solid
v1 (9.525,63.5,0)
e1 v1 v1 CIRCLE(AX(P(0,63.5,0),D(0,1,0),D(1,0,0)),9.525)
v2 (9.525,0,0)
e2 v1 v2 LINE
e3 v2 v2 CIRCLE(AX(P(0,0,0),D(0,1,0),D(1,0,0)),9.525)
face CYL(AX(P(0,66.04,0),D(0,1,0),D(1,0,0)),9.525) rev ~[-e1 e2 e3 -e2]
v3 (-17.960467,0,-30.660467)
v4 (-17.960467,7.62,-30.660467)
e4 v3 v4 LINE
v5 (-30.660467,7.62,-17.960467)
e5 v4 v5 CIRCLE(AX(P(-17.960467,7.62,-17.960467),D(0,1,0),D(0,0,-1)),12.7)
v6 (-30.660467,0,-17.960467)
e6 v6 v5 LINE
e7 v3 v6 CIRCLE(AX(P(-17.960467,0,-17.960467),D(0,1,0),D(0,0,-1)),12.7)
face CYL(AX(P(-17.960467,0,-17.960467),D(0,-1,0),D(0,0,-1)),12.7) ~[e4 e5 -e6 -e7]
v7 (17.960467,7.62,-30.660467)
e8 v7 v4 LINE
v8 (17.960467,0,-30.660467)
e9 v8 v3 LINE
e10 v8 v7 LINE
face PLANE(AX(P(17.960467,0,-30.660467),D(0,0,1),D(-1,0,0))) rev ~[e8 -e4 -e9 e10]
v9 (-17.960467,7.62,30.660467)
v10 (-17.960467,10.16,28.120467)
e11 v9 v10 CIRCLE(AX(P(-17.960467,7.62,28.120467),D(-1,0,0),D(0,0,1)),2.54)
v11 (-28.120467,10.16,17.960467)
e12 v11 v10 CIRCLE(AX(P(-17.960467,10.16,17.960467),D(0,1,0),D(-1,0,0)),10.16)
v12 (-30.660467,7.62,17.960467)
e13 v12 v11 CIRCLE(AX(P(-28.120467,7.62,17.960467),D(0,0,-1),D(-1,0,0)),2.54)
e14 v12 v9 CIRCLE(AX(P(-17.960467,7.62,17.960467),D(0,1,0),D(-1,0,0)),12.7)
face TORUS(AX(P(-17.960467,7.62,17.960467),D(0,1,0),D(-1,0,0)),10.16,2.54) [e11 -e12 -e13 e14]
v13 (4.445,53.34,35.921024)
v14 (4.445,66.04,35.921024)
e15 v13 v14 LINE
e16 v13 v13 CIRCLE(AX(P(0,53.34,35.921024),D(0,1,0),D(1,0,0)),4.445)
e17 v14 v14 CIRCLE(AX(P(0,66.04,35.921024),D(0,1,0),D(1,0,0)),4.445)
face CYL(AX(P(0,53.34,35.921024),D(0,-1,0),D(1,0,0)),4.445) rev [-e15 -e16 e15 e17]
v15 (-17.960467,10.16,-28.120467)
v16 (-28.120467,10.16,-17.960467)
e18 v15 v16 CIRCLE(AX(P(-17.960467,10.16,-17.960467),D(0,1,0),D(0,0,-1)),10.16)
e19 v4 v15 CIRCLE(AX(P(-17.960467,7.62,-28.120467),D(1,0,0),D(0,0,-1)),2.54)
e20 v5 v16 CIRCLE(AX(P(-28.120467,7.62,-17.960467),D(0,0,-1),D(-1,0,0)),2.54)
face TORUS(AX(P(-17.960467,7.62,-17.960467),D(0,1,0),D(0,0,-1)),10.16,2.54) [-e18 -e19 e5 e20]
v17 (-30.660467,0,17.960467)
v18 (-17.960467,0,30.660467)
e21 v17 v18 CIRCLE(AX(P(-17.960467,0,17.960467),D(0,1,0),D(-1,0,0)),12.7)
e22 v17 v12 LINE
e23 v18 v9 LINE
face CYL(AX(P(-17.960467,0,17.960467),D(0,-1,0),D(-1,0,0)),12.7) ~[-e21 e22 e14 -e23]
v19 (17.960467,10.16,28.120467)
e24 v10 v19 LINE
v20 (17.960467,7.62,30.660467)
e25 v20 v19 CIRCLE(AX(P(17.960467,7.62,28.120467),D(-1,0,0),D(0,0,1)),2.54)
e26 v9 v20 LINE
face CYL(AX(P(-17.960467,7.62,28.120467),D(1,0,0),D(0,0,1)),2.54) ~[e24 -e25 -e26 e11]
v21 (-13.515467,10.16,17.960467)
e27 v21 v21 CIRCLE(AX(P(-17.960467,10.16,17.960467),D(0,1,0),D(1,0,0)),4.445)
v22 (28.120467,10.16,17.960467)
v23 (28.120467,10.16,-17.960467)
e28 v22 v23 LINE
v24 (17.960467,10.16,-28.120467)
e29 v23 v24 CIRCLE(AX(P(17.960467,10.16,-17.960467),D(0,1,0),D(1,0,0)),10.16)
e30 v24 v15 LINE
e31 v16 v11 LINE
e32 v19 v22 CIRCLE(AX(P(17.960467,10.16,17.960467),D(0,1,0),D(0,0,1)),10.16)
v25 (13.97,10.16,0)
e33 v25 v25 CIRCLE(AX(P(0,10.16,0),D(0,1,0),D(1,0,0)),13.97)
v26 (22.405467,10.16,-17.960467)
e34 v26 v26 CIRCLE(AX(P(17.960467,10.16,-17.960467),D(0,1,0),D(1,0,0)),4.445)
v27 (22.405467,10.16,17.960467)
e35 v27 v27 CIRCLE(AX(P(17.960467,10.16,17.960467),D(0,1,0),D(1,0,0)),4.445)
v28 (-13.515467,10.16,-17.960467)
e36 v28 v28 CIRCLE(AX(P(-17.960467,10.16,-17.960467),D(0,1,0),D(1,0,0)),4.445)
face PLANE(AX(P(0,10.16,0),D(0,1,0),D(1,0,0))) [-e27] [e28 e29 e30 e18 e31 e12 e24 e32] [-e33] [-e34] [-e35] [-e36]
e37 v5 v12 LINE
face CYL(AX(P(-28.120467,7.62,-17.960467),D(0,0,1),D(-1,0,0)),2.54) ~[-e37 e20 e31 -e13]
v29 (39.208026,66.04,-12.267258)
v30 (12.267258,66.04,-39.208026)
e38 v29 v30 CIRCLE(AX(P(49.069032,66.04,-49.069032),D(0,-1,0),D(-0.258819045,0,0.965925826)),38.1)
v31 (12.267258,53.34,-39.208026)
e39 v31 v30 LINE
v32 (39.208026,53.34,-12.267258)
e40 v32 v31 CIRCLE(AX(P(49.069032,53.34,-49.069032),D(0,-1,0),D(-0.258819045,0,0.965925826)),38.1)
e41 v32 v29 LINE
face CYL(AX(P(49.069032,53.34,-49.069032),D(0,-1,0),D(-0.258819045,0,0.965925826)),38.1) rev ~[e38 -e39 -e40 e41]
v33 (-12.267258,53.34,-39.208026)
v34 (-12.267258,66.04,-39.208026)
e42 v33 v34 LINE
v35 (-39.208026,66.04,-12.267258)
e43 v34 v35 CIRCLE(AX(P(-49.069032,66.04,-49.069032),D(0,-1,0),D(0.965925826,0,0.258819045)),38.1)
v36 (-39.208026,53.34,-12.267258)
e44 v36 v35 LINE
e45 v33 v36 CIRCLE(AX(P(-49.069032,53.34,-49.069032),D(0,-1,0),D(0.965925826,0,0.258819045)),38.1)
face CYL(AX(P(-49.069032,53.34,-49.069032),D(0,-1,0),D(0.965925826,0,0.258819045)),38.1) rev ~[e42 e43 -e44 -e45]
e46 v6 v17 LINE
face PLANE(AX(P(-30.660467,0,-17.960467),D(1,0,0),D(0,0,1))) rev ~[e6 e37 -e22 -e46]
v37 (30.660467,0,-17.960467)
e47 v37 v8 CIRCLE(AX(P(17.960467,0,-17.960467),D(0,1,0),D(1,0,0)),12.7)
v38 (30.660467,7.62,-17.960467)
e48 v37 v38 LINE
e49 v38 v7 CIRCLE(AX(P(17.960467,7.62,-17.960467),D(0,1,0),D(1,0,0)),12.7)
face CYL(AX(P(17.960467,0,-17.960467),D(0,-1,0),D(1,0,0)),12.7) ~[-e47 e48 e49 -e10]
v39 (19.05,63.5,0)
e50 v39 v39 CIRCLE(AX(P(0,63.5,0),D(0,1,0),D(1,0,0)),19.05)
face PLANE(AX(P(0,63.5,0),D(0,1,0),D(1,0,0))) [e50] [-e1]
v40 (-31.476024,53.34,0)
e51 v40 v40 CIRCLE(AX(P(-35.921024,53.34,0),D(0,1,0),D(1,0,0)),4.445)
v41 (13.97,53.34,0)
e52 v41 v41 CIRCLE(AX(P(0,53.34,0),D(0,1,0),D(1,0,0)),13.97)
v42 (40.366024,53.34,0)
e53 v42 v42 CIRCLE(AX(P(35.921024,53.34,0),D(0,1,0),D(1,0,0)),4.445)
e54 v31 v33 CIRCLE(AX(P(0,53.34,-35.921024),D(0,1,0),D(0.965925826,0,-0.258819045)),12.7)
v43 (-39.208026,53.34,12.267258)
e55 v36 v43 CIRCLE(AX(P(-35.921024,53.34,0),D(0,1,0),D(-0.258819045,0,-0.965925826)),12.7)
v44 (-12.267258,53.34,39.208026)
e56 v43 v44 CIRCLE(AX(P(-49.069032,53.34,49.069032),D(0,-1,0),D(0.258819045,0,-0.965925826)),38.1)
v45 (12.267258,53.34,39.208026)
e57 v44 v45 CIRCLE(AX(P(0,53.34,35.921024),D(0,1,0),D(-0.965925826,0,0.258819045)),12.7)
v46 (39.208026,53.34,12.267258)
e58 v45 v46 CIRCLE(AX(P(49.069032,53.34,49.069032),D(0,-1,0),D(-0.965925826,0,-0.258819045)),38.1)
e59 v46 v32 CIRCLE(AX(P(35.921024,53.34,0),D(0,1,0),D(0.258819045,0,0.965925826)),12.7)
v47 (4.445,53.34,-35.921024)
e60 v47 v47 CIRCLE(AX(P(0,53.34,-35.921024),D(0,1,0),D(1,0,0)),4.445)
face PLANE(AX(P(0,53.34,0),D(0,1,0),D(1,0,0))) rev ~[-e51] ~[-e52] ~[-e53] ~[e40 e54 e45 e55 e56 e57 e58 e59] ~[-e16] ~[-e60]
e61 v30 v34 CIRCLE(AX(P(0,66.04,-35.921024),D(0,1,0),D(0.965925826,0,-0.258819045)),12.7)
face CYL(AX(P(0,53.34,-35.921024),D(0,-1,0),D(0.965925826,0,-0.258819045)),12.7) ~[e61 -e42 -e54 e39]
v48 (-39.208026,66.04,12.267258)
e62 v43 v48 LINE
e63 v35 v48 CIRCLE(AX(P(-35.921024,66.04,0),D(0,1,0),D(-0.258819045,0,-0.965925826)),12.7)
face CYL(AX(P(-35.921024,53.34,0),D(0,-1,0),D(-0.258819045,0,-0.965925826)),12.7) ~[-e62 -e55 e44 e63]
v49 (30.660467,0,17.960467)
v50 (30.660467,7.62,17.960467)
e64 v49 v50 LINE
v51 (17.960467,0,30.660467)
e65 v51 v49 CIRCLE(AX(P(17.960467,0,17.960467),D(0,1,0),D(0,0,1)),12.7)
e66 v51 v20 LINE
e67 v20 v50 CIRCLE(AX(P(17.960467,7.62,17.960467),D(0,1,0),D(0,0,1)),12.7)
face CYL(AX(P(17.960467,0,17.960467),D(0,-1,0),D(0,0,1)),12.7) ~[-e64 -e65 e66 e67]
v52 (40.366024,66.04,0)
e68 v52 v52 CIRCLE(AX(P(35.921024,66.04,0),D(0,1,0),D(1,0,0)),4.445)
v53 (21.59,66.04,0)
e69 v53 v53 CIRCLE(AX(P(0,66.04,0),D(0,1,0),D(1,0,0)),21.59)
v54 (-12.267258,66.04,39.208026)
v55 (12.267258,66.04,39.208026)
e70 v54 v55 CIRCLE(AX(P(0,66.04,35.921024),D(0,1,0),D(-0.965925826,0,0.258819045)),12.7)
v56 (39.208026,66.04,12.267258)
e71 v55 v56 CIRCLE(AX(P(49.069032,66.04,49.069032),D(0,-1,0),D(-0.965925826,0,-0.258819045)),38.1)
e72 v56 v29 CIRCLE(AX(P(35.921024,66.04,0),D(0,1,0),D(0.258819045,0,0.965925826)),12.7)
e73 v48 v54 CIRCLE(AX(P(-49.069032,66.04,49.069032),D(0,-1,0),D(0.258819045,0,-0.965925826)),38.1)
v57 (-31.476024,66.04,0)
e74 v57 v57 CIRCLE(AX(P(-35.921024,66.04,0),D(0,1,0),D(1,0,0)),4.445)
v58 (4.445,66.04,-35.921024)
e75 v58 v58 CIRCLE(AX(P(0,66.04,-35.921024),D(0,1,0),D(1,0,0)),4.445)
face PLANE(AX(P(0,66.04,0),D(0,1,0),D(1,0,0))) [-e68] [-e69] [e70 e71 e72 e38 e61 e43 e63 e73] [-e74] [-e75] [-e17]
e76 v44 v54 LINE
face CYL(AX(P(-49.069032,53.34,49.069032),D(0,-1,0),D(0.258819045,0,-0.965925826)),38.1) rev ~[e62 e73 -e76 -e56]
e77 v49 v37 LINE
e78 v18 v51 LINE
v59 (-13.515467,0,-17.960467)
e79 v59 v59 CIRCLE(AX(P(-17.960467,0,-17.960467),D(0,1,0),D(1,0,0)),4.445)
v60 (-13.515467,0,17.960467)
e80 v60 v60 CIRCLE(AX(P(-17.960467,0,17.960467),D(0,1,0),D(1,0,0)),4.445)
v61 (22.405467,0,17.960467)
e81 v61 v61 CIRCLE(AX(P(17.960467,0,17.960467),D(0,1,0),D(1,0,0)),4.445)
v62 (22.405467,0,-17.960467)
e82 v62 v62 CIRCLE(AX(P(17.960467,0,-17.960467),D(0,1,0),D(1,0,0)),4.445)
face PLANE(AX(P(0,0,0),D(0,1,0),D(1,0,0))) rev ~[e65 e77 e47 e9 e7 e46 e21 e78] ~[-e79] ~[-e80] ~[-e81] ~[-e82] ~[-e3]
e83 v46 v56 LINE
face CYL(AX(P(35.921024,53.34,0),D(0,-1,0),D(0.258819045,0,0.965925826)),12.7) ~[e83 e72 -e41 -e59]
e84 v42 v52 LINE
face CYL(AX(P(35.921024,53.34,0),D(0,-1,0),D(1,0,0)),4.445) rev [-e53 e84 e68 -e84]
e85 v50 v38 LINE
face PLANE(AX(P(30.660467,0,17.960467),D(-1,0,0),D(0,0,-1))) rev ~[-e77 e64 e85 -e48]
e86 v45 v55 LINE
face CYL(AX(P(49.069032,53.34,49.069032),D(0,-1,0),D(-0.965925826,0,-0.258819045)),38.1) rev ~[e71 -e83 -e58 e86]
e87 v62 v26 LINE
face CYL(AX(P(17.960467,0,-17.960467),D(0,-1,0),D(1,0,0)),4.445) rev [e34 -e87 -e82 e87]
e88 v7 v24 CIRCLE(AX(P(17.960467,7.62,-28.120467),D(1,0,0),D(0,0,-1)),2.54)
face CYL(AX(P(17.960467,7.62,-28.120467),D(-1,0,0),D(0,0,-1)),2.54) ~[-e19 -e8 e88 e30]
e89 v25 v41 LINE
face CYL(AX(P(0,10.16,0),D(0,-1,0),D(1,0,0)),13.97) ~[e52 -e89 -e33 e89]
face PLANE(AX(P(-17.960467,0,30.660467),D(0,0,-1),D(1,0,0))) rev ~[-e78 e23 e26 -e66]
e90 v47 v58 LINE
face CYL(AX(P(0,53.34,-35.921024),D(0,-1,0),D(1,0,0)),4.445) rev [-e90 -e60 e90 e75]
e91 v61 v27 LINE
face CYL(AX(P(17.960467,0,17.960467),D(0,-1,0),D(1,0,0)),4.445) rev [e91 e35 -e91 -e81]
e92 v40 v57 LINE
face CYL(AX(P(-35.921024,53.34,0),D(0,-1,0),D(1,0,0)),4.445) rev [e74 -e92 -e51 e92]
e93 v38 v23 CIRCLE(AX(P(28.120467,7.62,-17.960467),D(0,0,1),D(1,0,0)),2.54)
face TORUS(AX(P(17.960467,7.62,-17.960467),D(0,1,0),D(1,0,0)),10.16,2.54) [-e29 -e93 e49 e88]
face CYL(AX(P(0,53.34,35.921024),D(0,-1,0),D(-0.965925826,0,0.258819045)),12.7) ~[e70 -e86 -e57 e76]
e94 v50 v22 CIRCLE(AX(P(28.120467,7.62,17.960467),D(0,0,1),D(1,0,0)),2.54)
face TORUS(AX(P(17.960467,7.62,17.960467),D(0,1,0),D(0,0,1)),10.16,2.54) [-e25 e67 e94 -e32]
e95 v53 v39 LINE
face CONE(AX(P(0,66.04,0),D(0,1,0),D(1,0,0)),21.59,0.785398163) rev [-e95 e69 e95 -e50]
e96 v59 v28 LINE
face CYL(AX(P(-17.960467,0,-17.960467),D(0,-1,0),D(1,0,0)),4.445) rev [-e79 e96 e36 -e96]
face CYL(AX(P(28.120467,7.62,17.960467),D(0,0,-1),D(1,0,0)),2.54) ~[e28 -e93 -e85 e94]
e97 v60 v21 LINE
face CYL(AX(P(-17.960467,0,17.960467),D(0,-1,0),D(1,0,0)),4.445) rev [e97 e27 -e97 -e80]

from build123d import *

# Parameters (mm, degrees)
SKETCH1_R           = 4.445
BOSS_EXTRUDE1_DEPTH = 10.16
FILLET1_R           = 2.54
SKETCH2_R           = 13.97
BOSS_EXTRUDE2_DEPTH = 43.18
SKETCH10_R          = 4.445
BOSS_EXTRUDE3_DEPTH = 12.7
SKETCH11_R          = 9.525
CUT_EXTRUDE1_DEPTH  = 67.04


with BuildPart() as part:
    # Sketch1 → Boss-Extrude1 (new body)
    with BuildSketch(Plane(origin=(0, 0, 0), x_dir=(1, 0, 0), z_dir=(0, 1, 0))):
        with BuildLine():
            Line((-17.960467, -30.660467), (17.960467, -30.660467))
            ThreePointArc((17.960467, -30.660467), (26.940723121, -26.940723121), (30.660467, -17.960467))
            Line((30.660467, -17.960467), (30.660467, 17.960467))
            ThreePointArc((30.660467, 17.960467), (26.940723121, 26.940723121), (17.960467, 30.660467))
            Line((17.960467, 30.660467), (-17.960467, 30.660467))
            ThreePointArc((-17.960467, 30.660467), (-26.940723121, 26.940723121), (-30.660467, 17.960467))
            Line((-30.660467, 17.960467), (-30.660467, -17.960467))
            ThreePointArc((-30.660467, -17.960467), (-26.940723121, -26.940723121), (-17.960467, -30.660467))
        make_face()
        with Locations((-17.960467, 17.960467)):
            Circle(SKETCH1_R, mode=Mode.SUBTRACT)
        with Locations((17.960467, 17.960467)):
            Circle(SKETCH1_R, mode=Mode.SUBTRACT)
        with Locations((-17.960467, -17.960467)):
            Circle(SKETCH1_R, mode=Mode.SUBTRACT)
        with Locations((17.960467, -17.960467)):
            Circle(SKETCH1_R, mode=Mode.SUBTRACT)
    extrude(amount=BOSS_EXTRUDE1_DEPTH)

    # Fillet1
    fillet1_edges = [part.edges().sort_by_distance(p)[0] for p in [
        (26.940723121, 10.16, 26.940723121),
        (30.660467, 10.16, 0),
        (26.940723121, 10.16, -26.940723121),
        (0, 10.16, -30.660467),
        (-26.940723121, 10.16, -26.940723121),
        (-30.660467, 10.16, 0),
        (-26.940723121, 10.16, 26.940723121),
        (0, 10.16, 30.660467),
    ]]
    fillet(fillet1_edges, radius=FILLET1_R)

    # Sketch2 → Boss-Extrude2 (add)
    with BuildSketch(Plane(origin=(0, 10.16, 0), x_dir=(1, 0, 0), z_dir=(0, 1, 0))):
        Circle(SKETCH2_R)
    extrude(amount=BOSS_EXTRUDE2_DEPTH)

    # Sketch10 → Boss-Extrude3 (add)
    with BuildSketch(Plane(origin=(0, 53.34, 0), x_dir=(1, 0, 0), z_dir=(0, 1, 0))):
        with BuildLine():
            ThreePointArc((-39.208026357, 12.267257994), (-48.621024484, 0), (-39.208026357, -12.267257994))
            ThreePointArc((-39.208026357, -12.267257994), (-22.128263612, -22.128263612), (-12.267257994, -39.208026357))
            ThreePointArc((-12.267257994, -39.208026357), (0, -48.621024484), (12.267257994, -39.208026357))
            ThreePointArc((12.267257994, -39.208026357), (22.128263612, -22.128263612), (39.208026357, -12.267257994))
            ThreePointArc((39.208026357, -12.267257994), (48.621024484, 0), (39.208026357, 12.267257994))
            ThreePointArc((39.208026357, 12.267257994), (22.128263612, 22.128263612), (12.267257994, 39.208026357))
            ThreePointArc((12.267257994, 39.208026357), (0, 48.621024484), (-12.267257994, 39.208026357))
            ThreePointArc((-12.267257994, 39.208026357), (-22.128263612, 22.128263612), (-39.208026357, 12.267257994))
        make_face()
        with Locations((-35.921024484, 0)):
            Circle(SKETCH10_R, mode=Mode.SUBTRACT)
        with Locations((0, 35.921024484)):
            Circle(SKETCH10_R, mode=Mode.SUBTRACT)
        with Locations((35.921024484, 0)):
            Circle(SKETCH10_R, mode=Mode.SUBTRACT)
        with Locations((0, -35.921024484)):
            Circle(SKETCH10_R, mode=Mode.SUBTRACT)
    extrude(amount=BOSS_EXTRUDE3_DEPTH)

    # Sketch11 → Cut-Extrude1 (cut, through all)
    with BuildSketch(Plane(origin=(0, 66.04, 0), x_dir=(1, 0, 0), z_dir=(0, 1, 0))):
        Circle(SKETCH11_R)
    extrude(amount=-CUT_EXTRUDE1_DEPTH, mode=Mode.SUBTRACT)

    # Sketch13 → Cut-Revolve1 (revolve, cut)
    with BuildSketch(Plane.XY):
        Polygon((21.59, 66.04), (19.05, 63.5), (0, 63.5), (0, 66.04), align=None)
    revolve(axis=Axis((0, 63.5, 0), (0, 1, 0)), mode=Mode.SUBTRACT)


solid = part.part
